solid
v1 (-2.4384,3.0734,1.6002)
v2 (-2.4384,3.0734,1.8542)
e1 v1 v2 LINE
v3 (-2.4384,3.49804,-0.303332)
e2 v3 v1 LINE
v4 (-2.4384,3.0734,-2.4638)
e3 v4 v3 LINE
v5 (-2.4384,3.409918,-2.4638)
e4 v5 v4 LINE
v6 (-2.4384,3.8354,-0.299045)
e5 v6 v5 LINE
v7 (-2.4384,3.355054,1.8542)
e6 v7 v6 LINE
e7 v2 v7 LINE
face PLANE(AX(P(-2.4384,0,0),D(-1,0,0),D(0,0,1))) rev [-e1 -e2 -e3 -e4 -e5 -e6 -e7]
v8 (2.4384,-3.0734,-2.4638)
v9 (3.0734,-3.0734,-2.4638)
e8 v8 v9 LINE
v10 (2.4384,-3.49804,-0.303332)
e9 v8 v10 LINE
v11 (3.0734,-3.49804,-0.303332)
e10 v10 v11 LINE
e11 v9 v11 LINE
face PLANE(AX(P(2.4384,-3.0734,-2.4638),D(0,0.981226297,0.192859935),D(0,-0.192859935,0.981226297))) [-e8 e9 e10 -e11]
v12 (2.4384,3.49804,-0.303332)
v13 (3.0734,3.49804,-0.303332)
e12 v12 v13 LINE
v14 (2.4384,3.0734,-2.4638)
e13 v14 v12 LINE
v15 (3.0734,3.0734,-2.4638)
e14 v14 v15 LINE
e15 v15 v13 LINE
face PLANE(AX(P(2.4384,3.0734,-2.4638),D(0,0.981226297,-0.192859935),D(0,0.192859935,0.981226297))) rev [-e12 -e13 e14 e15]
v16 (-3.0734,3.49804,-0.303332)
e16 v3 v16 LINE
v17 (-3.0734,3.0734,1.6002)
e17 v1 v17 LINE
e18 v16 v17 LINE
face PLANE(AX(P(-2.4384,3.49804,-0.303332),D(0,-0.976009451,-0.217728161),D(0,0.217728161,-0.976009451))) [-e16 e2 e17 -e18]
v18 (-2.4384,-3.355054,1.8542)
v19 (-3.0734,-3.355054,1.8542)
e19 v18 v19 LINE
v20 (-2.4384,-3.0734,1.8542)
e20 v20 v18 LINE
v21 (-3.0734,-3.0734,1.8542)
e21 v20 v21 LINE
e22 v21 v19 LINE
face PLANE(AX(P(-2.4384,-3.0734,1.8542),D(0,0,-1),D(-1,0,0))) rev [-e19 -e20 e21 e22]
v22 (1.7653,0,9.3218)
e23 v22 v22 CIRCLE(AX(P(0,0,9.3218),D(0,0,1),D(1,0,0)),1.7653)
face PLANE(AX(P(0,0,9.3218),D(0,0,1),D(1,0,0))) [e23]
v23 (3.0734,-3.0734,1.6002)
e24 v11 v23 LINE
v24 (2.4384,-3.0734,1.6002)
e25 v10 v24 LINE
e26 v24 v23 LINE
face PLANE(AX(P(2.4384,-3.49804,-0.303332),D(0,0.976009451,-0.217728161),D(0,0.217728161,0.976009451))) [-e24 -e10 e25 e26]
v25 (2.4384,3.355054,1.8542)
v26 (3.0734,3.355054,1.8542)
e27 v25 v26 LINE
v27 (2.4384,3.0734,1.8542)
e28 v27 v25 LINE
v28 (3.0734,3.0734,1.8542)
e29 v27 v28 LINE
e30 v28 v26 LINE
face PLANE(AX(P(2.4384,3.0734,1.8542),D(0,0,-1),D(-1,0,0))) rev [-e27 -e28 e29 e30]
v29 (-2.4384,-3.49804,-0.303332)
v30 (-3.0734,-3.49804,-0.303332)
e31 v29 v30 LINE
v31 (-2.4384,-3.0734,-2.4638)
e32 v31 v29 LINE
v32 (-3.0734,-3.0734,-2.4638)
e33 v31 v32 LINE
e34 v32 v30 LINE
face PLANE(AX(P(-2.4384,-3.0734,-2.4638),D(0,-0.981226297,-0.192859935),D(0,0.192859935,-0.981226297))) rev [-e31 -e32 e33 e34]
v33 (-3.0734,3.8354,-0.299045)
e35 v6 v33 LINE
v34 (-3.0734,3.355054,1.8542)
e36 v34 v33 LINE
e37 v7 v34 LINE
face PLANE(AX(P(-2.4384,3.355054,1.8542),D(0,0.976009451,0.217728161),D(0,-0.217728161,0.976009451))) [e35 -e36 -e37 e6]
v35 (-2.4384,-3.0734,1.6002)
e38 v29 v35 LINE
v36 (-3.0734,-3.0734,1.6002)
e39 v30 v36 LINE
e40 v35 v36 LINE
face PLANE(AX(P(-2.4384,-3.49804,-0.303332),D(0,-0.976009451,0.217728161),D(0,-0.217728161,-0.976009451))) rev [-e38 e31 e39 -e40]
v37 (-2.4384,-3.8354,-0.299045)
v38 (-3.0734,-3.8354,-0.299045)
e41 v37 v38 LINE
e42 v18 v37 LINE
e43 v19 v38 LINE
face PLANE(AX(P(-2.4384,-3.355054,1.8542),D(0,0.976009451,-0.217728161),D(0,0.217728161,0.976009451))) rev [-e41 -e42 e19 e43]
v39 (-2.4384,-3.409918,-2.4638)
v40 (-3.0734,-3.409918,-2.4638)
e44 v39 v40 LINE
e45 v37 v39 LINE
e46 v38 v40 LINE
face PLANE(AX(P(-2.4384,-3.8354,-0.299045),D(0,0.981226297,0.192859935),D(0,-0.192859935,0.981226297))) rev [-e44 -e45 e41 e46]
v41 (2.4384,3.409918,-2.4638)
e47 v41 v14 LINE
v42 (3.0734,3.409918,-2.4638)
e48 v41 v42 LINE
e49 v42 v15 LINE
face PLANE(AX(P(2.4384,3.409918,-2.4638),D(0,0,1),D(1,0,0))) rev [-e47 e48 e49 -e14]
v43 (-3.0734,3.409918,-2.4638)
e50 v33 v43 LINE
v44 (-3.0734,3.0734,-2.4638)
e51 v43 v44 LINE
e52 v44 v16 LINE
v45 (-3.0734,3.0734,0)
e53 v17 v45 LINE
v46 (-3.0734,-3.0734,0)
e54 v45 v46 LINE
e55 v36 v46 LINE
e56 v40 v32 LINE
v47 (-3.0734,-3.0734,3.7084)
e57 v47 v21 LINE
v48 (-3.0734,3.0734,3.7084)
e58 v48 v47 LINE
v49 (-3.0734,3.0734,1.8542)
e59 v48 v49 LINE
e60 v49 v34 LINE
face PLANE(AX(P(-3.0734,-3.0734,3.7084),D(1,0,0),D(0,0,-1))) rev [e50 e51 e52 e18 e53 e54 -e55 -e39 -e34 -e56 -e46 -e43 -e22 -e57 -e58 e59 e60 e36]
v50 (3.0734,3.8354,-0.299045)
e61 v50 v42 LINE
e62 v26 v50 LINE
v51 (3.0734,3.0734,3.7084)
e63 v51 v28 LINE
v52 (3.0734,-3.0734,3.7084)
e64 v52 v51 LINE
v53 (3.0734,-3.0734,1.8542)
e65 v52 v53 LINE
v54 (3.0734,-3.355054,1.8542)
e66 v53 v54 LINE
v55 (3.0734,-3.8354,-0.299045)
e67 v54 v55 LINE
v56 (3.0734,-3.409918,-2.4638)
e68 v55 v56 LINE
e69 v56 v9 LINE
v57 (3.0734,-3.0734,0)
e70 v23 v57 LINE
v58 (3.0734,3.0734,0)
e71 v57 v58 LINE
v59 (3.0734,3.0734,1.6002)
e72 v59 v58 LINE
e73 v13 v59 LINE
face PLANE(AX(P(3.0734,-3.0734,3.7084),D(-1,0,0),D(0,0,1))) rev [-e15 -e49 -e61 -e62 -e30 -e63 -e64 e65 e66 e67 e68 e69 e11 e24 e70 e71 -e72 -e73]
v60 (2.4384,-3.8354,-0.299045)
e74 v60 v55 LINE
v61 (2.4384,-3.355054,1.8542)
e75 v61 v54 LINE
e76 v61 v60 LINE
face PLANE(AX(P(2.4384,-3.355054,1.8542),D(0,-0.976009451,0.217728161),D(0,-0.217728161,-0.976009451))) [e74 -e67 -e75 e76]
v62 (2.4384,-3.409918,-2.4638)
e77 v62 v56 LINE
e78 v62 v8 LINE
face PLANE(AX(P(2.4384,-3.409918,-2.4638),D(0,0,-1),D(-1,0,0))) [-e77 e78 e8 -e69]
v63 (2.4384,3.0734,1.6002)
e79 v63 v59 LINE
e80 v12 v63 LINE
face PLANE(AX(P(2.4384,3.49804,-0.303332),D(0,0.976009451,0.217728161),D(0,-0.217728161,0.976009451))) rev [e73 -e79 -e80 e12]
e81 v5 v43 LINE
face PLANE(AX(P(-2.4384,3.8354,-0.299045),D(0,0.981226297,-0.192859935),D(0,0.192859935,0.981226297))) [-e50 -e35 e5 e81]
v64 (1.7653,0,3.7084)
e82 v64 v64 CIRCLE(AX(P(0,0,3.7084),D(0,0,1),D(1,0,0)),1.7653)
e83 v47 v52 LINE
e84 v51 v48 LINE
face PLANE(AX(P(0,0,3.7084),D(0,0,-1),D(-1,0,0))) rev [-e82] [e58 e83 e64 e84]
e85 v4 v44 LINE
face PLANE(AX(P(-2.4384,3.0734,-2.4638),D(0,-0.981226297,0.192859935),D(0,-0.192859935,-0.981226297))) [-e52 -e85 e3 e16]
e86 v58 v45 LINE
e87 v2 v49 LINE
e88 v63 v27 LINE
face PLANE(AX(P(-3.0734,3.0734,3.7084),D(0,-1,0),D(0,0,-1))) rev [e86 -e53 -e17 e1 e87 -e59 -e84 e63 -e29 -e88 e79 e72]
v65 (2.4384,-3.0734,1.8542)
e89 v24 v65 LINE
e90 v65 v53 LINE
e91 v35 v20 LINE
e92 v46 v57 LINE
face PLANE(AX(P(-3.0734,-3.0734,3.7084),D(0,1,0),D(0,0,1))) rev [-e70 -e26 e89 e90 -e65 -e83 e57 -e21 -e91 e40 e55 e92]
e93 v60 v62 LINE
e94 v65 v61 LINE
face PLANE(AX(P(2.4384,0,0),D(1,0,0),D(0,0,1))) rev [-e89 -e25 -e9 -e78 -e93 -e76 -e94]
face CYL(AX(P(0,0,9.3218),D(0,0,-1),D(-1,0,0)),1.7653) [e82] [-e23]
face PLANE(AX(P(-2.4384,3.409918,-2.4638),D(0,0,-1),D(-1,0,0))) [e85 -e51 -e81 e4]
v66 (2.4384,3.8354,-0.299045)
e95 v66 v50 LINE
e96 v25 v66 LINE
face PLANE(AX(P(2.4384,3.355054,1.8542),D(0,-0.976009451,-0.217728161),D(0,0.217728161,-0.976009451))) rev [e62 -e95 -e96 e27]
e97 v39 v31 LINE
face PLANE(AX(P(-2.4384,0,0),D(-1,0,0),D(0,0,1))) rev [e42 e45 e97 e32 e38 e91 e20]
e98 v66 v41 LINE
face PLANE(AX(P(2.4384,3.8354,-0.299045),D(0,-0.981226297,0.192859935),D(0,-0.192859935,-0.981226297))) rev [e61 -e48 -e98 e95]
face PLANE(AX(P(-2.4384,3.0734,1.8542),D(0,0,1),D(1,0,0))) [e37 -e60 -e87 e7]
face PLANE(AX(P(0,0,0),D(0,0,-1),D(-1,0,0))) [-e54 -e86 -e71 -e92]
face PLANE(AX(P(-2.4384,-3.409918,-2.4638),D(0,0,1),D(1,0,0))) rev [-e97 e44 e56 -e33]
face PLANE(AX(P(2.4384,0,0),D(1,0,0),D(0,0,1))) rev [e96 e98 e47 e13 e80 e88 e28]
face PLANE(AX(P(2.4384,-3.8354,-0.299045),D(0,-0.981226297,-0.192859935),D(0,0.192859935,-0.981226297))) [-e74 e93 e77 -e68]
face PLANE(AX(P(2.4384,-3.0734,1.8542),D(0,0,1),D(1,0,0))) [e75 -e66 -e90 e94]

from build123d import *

# Parameters (mm, degrees)
SKETCH1_W            = 6.1468
SKETCH1_H            = 6.1468
BOSS_EXTRUDE1_DEPTH  = 3.7084
SKETCH2_R            = 1.7653
BOSS_EXTRUDE2_DEPTH  = 5.6134
BOSS_EXTRUDE3_DEPTH  = 0.635
MIRROR2_COPY_1_DEPTH = 0.635


with BuildPart() as part:
    # Sketch1 → Boss-Extrude1 (new body)
    with BuildSketch(Plane.XY):
        Rectangle(SKETCH1_W, SKETCH1_H)
    extrude(amount=BOSS_EXTRUDE1_DEPTH)

    # Sketch2 → Boss-Extrude2 (add)
    with BuildSketch(Plane.XY.offset(3.7084)):
        Circle(SKETCH2_R)
    extrude(amount=BOSS_EXTRUDE2_DEPTH)

    # Sketch3 → Boss-Extrude3 (add)
    with BuildSketch(Plane.ZY.offset(3.0734)):
        Polygon((1.8542, 3.0734), (1.8542, 3.355054083), (-0.299045368, 3.8354), (-2.4638, 3.409917683), (-2.4638, 3.0734), (-0.303331796, 3.49803982), (1.6002, 3.0734), align=None)
    boss_extrude3 = extrude(amount=-BOSS_EXTRUDE3_DEPTH)

    # Mirror1: Boss-Extrude3 across plane
    add(boss_extrude3.mirror(Plane.ZY))

    # Mirror2: Boss-Extrude3 across plane
    add(boss_extrude3.mirror(Plane.ZX))

    # Mirror2 copy 1 sketch → Mirror2 copy 1 (add)
    with BuildSketch(Plane(origin=(3.0734, 0, 0), x_dir=(0, 0, 1), z_dir=(1, 0, 0))):
        Polygon((1.8542, 3.0734), (1.8542, 3.355054083), (-0.299045368, 3.8354), (-2.4638, 3.409917683), (-2.4638, 3.0734), (-0.303331796, 3.49803982), (1.6002, 3.0734), align=None)
    extrude(amount=-MIRROR2_COPY_1_DEPTH)


solid = part.part
